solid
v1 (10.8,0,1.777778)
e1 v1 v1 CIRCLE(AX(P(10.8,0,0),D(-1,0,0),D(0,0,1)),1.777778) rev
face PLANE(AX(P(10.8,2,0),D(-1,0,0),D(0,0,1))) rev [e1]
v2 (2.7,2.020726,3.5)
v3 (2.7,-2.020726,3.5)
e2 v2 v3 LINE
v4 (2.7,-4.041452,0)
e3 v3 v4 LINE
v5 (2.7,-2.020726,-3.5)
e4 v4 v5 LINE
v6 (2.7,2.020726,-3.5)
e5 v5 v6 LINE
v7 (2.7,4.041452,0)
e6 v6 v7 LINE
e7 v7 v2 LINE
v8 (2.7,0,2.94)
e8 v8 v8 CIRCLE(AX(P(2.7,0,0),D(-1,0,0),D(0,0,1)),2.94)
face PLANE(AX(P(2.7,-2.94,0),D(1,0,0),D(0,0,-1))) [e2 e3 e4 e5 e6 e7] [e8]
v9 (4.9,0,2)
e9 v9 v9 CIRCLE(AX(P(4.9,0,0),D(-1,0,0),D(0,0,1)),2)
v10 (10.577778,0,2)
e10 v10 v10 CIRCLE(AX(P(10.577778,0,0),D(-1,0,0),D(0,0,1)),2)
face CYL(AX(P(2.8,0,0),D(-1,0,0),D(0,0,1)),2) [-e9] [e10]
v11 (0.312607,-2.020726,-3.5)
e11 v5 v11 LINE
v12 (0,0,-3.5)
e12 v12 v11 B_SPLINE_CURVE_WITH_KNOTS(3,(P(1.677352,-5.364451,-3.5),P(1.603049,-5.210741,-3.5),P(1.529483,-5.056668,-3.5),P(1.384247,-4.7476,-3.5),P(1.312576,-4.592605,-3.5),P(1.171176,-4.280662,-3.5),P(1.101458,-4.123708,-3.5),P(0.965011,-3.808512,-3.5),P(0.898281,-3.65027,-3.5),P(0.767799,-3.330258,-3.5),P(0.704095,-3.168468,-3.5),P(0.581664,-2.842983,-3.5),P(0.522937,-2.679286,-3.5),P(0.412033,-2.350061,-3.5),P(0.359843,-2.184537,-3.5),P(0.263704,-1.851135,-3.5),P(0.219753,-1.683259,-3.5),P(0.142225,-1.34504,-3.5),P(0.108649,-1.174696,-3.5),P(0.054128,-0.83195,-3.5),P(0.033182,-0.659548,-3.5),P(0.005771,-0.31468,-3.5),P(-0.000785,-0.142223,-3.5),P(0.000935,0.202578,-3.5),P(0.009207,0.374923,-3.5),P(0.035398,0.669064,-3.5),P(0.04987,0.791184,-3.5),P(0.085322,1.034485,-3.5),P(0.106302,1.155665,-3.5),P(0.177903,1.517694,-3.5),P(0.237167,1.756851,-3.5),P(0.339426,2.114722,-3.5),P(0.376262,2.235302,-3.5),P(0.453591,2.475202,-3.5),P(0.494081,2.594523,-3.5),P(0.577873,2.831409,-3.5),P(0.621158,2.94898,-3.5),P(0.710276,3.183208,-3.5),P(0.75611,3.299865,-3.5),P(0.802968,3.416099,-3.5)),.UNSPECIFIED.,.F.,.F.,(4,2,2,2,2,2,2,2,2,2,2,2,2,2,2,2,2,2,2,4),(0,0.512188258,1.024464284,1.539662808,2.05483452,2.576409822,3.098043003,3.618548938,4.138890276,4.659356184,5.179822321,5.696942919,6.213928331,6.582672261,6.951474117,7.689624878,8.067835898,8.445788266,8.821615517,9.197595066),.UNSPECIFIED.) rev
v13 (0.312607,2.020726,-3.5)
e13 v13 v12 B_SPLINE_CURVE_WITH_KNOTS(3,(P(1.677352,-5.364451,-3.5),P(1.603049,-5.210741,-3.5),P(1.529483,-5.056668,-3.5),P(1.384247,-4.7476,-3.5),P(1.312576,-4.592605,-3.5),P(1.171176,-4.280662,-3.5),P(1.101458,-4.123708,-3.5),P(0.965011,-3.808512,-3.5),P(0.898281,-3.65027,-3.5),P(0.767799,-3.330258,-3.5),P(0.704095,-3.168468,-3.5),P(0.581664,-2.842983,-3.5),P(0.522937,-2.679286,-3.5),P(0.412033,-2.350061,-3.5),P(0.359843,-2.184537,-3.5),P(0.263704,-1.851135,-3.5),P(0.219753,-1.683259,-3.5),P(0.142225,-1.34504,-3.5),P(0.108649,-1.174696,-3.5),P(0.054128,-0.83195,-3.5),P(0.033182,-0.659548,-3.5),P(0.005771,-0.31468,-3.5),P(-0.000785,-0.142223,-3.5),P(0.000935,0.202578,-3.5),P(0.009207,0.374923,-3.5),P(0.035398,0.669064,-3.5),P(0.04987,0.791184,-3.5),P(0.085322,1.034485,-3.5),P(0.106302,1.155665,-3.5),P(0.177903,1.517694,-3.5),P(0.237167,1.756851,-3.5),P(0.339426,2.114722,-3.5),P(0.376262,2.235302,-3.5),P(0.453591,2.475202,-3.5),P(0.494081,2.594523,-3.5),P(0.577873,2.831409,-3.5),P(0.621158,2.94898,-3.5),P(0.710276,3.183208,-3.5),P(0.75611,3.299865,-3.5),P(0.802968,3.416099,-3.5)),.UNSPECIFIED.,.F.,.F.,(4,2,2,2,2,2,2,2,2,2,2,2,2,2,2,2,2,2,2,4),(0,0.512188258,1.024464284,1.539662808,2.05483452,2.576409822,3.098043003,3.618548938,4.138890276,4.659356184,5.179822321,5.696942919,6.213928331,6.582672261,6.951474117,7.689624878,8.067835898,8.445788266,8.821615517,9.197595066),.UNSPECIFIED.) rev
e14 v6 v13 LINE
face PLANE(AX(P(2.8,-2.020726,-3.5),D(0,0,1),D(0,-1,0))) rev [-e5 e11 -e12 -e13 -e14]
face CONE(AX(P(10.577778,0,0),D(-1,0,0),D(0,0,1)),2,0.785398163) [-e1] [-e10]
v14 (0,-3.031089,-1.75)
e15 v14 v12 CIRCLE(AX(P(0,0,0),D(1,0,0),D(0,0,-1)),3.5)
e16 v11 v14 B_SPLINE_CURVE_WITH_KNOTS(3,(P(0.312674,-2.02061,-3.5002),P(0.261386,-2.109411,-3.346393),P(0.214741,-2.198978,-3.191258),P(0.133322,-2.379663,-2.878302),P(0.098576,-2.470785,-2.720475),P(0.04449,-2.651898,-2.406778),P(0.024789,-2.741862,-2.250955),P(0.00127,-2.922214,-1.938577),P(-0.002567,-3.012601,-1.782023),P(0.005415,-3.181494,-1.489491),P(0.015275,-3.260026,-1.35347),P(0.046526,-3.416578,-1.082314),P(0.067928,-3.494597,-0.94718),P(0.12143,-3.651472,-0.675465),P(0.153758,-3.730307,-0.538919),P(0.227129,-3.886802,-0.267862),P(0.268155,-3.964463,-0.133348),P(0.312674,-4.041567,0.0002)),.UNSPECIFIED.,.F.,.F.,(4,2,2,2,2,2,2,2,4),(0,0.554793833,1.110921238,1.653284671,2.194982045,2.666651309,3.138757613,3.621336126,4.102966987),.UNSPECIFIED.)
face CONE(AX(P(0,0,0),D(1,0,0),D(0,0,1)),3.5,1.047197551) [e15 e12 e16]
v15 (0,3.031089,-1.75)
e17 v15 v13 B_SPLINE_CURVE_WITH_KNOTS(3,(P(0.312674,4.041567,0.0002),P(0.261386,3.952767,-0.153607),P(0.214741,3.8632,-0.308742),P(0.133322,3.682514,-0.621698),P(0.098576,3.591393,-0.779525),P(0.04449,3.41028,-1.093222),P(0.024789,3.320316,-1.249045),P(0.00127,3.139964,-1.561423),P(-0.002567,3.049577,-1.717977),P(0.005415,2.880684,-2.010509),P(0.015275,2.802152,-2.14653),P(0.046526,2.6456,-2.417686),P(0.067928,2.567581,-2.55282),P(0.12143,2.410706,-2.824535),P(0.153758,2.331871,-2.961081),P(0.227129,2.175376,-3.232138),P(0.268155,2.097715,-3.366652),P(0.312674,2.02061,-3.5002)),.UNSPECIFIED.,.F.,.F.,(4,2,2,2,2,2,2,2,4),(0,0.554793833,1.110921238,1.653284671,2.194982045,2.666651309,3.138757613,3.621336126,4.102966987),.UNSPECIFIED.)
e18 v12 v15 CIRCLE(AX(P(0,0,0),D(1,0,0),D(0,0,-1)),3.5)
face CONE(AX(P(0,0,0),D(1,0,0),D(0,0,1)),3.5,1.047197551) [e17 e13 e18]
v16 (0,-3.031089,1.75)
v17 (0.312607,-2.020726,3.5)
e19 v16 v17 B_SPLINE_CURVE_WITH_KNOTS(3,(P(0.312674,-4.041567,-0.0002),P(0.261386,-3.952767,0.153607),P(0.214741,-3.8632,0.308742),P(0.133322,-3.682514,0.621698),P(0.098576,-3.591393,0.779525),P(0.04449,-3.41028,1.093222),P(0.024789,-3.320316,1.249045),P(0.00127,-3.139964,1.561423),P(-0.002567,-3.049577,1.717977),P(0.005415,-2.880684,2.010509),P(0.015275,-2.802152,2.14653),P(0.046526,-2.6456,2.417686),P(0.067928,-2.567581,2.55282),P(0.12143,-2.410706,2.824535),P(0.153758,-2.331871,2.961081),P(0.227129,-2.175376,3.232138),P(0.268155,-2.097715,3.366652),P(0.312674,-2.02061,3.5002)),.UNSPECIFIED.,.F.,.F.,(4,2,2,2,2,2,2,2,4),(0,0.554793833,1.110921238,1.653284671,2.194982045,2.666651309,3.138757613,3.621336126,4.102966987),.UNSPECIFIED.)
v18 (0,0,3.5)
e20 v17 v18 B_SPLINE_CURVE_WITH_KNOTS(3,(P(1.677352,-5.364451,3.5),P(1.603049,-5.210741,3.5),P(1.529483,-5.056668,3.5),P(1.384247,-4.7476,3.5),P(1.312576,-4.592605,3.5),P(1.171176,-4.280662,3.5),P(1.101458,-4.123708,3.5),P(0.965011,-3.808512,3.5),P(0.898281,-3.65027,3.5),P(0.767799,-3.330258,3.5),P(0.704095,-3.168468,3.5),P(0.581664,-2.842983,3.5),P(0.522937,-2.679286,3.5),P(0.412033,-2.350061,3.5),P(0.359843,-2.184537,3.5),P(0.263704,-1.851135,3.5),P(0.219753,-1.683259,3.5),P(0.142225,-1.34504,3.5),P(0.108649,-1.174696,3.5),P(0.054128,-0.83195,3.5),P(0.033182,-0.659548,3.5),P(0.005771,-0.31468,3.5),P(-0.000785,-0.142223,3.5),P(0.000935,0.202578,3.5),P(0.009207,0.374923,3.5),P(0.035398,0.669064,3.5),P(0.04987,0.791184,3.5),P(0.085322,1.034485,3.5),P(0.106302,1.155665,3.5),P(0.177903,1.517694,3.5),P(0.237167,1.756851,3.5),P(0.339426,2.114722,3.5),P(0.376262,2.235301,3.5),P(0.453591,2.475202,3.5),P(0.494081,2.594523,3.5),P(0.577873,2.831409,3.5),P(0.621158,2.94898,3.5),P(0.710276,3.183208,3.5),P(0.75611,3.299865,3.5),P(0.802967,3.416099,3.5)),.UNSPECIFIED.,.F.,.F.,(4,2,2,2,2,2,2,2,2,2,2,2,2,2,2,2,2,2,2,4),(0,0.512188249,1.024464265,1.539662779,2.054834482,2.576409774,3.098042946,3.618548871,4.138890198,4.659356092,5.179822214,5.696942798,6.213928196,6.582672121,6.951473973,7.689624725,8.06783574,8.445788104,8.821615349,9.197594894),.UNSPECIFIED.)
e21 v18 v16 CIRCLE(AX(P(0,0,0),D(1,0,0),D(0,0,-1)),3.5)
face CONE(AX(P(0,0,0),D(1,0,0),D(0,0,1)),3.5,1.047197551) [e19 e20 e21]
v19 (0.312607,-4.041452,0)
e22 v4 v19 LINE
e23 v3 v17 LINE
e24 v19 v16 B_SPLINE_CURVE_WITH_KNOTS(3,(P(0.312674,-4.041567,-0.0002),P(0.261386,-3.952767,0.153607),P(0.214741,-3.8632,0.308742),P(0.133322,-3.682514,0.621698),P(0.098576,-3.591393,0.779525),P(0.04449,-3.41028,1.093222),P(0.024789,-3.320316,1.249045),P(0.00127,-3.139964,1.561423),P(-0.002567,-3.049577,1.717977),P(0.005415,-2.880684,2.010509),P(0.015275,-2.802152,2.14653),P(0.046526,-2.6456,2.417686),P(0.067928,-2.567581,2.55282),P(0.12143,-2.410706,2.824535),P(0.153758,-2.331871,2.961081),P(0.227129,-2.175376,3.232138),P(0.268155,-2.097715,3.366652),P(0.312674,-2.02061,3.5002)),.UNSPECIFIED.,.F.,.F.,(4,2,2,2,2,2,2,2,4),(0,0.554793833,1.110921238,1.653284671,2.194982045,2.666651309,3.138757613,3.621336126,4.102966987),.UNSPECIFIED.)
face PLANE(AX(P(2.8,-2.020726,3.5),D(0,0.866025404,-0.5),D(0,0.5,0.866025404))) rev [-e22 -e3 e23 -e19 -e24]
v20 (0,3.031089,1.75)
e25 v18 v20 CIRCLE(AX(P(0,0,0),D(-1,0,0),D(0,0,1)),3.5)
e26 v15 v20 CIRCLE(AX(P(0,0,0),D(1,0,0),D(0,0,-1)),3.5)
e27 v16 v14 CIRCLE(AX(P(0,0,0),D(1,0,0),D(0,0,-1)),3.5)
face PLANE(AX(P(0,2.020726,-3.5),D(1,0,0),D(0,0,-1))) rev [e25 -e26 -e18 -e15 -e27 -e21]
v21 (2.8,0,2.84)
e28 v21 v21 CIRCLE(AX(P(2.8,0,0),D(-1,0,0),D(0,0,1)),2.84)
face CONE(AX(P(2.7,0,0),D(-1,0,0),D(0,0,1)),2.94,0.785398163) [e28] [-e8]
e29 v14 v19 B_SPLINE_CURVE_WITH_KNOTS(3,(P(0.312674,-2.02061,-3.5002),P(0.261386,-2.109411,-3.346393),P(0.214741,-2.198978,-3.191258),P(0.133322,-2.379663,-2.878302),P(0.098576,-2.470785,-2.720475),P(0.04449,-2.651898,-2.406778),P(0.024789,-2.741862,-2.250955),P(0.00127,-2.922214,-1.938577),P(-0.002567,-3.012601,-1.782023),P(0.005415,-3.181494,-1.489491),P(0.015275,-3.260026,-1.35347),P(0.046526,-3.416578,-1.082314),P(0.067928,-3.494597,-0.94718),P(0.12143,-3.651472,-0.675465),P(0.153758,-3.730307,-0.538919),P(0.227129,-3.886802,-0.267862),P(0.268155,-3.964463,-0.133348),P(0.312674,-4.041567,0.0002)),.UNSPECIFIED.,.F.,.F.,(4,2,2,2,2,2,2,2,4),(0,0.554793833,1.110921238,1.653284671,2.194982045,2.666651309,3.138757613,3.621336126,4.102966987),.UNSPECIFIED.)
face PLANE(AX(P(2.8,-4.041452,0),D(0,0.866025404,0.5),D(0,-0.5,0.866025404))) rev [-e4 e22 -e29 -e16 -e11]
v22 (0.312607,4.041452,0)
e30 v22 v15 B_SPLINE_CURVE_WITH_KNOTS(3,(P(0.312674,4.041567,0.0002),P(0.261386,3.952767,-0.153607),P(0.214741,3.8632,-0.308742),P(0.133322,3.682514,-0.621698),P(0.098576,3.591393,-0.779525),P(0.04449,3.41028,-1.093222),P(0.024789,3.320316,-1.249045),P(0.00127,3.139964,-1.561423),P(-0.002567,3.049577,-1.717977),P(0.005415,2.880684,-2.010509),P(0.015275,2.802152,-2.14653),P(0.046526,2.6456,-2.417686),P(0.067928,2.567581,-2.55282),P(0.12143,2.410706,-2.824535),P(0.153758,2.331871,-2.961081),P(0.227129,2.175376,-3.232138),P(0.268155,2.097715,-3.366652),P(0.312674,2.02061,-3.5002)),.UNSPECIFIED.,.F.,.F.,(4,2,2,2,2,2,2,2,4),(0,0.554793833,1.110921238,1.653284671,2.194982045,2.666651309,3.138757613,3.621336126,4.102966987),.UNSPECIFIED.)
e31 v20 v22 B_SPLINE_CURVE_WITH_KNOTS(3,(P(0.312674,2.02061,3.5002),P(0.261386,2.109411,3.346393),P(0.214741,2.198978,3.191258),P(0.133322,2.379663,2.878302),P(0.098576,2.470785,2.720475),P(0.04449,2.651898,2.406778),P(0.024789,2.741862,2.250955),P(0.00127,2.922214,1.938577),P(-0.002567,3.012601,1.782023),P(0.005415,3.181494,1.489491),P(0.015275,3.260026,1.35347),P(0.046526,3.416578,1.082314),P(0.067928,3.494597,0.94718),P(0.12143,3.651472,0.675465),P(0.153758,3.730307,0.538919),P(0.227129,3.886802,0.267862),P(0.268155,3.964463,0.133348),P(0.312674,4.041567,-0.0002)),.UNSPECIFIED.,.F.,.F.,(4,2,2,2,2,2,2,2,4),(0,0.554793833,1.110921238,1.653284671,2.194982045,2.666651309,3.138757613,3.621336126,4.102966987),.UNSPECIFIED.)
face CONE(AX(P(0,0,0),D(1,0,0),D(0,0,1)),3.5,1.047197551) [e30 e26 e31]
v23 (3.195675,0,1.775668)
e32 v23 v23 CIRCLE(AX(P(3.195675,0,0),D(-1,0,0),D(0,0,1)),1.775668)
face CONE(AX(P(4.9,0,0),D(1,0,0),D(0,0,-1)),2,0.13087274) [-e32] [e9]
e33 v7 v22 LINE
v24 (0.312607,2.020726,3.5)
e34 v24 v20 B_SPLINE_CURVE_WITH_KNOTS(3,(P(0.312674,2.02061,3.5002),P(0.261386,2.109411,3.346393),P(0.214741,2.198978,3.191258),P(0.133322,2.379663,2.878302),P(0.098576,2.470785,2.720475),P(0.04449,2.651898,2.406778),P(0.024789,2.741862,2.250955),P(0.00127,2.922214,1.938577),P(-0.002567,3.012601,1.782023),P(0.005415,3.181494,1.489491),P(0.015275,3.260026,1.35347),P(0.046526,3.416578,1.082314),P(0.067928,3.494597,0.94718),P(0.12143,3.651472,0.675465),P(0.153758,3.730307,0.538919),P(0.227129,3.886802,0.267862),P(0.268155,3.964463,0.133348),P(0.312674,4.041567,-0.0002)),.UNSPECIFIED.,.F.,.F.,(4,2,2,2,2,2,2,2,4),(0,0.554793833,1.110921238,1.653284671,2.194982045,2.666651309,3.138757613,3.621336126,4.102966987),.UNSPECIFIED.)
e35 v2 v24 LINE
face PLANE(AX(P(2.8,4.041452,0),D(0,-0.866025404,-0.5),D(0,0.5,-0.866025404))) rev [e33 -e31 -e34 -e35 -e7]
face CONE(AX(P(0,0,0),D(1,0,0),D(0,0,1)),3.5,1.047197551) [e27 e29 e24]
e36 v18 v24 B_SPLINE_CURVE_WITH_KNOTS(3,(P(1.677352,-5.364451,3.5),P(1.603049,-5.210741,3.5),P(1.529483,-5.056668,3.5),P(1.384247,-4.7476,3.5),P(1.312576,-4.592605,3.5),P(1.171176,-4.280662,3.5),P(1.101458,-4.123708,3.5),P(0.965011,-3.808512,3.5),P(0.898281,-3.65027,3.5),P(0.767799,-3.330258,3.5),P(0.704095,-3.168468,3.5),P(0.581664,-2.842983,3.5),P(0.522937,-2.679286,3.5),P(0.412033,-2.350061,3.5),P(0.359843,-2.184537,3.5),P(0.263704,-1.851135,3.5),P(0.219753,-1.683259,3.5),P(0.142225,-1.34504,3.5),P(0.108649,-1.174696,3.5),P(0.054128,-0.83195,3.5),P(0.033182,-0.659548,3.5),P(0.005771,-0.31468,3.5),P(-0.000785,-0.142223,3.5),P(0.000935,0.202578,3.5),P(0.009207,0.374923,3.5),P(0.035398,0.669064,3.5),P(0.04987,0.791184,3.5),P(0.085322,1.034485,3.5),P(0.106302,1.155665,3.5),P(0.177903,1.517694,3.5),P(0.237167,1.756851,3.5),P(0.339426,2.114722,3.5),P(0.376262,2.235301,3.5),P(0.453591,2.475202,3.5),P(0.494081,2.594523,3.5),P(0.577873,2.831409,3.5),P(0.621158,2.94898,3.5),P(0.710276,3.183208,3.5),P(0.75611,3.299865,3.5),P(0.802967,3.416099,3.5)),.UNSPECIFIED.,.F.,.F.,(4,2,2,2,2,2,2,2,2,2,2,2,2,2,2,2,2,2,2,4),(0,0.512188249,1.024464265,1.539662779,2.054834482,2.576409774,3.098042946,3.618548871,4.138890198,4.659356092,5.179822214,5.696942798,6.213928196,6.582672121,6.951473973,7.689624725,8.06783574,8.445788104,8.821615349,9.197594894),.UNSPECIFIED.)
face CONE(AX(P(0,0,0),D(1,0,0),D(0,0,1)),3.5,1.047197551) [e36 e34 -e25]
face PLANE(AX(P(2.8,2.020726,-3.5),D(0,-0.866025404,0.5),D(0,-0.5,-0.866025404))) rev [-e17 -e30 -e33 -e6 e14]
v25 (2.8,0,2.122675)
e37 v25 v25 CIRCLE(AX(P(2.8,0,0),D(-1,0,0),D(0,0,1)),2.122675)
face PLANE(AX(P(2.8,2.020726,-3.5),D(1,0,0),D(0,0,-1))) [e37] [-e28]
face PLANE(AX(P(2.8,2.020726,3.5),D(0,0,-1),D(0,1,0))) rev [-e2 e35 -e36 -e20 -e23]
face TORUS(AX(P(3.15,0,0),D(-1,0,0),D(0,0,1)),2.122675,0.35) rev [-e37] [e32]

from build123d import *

# Parameters (mm, degrees)
EXTRUDE_1_DEPTH     = 2.8
SKETCH_4_R          = 7.66
SKETCH_4_R_2        = 3.5
CUT_EXTRUDE_1_DEPTH = 0.35
CUT_EXTRUDE_1_DRAFT = -60
CHAMFER_1_SIZE      = 0.222222222


with BuildPart() as part:
    # 草图3 → 凸台-拉伸1 (new body)
    with BuildSketch(Plane(origin=(0, 0, 0), x_dir=(0, 0, -1), z_dir=(1, 0, 0))):
        Polygon((3.5, 2.020725942), (0, 4.041451884), (-3.5, 2.020725942), (-3.5, -2.020725942), (0, -4.041451884), (3.5, -2.020725942), align=None)
    extrude(amount=EXTRUDE_1_DEPTH)


with BuildPart() as cut_extrude_1_tool:
    # 草图4 → 切除-拉伸1 (with draft: the straight prism first)
    with BuildSketch(Plane.ZY):
        Circle(SKETCH_4_R)
        Circle(SKETCH_4_R_2, mode=Mode.SUBTRACT)
    extrude(amount=-CUT_EXTRUDE_1_DEPTH)
    # 切除-拉伸1: the draft: its side faces are tilted about the plane it starts from
    cut_extrude_1_sides = [cut_extrude_1_tool.faces().sort_by_distance(p)[0] for p in [
        (0.175, 0, -7.66),
        (0.175, 0, -3.5),
    ]]
    draft(cut_extrude_1_sides, Plane.ZY, CUT_EXTRUDE_1_DRAFT)


with BuildPart() as part_1:
    add(part.part)

    # 切除-拉伸1: cut by cut_extrude_1_tool
    add(cut_extrude_1_tool.part, mode=Mode.SUBTRACT)

    # 草图6 → 旋转2 (revolve)
    with BuildSketch(Plane.XY, mode=Mode.PRIVATE) as revolve_2_sk:
        with BuildLine():
            Line((4.9, 2), (10.8, 2))
            Line((10.8, 2), (10.8, 0))
            Line((10.8, 0), (2.8, 0))
            Line((2.8, 0), (2.8, 2.122675))
            ThreePointArc((2.8, 2.122675), (2.919225418, 1.859534178), (3.195674814, 1.775668067))
            Line((3.195674814, 1.775668067), (4.9, 2))
        make_face()
    revolve(revolve_2_sk.sketch.rotate(Axis((2.8, 0, 0), (1, 0, 0)), 90), axis=Axis((2.8, 0, 0), (1, 0, 0)))

    # 倒角1
    chamfer_1_edges = [part_1.edges().sort_by_distance(p)[0] for p in [
        (10.8, 0, -2),
    ]]
    chamfer(chamfer_1_edges, length=CHAMFER_1_SIZE)

    # 草图8 → 切除-旋转2 (revolve, cut)
    with BuildSketch(Plane.XY, mode=Mode.PRIVATE) as cut_revolve_2_sk:
        Polygon((2.8, 2.84), (2.7, 2.94), (2.7, 7.66), (2.8, 7.66), align=None)
    revolve(cut_revolve_2_sk.sketch.rotate(Axis((0, 0, 0), (1, 0, 0)), 90), axis=Axis((0, 0, 0), (1, 0, 0)), mode=Mode.SUBTRACT)


solid = part_1.part
